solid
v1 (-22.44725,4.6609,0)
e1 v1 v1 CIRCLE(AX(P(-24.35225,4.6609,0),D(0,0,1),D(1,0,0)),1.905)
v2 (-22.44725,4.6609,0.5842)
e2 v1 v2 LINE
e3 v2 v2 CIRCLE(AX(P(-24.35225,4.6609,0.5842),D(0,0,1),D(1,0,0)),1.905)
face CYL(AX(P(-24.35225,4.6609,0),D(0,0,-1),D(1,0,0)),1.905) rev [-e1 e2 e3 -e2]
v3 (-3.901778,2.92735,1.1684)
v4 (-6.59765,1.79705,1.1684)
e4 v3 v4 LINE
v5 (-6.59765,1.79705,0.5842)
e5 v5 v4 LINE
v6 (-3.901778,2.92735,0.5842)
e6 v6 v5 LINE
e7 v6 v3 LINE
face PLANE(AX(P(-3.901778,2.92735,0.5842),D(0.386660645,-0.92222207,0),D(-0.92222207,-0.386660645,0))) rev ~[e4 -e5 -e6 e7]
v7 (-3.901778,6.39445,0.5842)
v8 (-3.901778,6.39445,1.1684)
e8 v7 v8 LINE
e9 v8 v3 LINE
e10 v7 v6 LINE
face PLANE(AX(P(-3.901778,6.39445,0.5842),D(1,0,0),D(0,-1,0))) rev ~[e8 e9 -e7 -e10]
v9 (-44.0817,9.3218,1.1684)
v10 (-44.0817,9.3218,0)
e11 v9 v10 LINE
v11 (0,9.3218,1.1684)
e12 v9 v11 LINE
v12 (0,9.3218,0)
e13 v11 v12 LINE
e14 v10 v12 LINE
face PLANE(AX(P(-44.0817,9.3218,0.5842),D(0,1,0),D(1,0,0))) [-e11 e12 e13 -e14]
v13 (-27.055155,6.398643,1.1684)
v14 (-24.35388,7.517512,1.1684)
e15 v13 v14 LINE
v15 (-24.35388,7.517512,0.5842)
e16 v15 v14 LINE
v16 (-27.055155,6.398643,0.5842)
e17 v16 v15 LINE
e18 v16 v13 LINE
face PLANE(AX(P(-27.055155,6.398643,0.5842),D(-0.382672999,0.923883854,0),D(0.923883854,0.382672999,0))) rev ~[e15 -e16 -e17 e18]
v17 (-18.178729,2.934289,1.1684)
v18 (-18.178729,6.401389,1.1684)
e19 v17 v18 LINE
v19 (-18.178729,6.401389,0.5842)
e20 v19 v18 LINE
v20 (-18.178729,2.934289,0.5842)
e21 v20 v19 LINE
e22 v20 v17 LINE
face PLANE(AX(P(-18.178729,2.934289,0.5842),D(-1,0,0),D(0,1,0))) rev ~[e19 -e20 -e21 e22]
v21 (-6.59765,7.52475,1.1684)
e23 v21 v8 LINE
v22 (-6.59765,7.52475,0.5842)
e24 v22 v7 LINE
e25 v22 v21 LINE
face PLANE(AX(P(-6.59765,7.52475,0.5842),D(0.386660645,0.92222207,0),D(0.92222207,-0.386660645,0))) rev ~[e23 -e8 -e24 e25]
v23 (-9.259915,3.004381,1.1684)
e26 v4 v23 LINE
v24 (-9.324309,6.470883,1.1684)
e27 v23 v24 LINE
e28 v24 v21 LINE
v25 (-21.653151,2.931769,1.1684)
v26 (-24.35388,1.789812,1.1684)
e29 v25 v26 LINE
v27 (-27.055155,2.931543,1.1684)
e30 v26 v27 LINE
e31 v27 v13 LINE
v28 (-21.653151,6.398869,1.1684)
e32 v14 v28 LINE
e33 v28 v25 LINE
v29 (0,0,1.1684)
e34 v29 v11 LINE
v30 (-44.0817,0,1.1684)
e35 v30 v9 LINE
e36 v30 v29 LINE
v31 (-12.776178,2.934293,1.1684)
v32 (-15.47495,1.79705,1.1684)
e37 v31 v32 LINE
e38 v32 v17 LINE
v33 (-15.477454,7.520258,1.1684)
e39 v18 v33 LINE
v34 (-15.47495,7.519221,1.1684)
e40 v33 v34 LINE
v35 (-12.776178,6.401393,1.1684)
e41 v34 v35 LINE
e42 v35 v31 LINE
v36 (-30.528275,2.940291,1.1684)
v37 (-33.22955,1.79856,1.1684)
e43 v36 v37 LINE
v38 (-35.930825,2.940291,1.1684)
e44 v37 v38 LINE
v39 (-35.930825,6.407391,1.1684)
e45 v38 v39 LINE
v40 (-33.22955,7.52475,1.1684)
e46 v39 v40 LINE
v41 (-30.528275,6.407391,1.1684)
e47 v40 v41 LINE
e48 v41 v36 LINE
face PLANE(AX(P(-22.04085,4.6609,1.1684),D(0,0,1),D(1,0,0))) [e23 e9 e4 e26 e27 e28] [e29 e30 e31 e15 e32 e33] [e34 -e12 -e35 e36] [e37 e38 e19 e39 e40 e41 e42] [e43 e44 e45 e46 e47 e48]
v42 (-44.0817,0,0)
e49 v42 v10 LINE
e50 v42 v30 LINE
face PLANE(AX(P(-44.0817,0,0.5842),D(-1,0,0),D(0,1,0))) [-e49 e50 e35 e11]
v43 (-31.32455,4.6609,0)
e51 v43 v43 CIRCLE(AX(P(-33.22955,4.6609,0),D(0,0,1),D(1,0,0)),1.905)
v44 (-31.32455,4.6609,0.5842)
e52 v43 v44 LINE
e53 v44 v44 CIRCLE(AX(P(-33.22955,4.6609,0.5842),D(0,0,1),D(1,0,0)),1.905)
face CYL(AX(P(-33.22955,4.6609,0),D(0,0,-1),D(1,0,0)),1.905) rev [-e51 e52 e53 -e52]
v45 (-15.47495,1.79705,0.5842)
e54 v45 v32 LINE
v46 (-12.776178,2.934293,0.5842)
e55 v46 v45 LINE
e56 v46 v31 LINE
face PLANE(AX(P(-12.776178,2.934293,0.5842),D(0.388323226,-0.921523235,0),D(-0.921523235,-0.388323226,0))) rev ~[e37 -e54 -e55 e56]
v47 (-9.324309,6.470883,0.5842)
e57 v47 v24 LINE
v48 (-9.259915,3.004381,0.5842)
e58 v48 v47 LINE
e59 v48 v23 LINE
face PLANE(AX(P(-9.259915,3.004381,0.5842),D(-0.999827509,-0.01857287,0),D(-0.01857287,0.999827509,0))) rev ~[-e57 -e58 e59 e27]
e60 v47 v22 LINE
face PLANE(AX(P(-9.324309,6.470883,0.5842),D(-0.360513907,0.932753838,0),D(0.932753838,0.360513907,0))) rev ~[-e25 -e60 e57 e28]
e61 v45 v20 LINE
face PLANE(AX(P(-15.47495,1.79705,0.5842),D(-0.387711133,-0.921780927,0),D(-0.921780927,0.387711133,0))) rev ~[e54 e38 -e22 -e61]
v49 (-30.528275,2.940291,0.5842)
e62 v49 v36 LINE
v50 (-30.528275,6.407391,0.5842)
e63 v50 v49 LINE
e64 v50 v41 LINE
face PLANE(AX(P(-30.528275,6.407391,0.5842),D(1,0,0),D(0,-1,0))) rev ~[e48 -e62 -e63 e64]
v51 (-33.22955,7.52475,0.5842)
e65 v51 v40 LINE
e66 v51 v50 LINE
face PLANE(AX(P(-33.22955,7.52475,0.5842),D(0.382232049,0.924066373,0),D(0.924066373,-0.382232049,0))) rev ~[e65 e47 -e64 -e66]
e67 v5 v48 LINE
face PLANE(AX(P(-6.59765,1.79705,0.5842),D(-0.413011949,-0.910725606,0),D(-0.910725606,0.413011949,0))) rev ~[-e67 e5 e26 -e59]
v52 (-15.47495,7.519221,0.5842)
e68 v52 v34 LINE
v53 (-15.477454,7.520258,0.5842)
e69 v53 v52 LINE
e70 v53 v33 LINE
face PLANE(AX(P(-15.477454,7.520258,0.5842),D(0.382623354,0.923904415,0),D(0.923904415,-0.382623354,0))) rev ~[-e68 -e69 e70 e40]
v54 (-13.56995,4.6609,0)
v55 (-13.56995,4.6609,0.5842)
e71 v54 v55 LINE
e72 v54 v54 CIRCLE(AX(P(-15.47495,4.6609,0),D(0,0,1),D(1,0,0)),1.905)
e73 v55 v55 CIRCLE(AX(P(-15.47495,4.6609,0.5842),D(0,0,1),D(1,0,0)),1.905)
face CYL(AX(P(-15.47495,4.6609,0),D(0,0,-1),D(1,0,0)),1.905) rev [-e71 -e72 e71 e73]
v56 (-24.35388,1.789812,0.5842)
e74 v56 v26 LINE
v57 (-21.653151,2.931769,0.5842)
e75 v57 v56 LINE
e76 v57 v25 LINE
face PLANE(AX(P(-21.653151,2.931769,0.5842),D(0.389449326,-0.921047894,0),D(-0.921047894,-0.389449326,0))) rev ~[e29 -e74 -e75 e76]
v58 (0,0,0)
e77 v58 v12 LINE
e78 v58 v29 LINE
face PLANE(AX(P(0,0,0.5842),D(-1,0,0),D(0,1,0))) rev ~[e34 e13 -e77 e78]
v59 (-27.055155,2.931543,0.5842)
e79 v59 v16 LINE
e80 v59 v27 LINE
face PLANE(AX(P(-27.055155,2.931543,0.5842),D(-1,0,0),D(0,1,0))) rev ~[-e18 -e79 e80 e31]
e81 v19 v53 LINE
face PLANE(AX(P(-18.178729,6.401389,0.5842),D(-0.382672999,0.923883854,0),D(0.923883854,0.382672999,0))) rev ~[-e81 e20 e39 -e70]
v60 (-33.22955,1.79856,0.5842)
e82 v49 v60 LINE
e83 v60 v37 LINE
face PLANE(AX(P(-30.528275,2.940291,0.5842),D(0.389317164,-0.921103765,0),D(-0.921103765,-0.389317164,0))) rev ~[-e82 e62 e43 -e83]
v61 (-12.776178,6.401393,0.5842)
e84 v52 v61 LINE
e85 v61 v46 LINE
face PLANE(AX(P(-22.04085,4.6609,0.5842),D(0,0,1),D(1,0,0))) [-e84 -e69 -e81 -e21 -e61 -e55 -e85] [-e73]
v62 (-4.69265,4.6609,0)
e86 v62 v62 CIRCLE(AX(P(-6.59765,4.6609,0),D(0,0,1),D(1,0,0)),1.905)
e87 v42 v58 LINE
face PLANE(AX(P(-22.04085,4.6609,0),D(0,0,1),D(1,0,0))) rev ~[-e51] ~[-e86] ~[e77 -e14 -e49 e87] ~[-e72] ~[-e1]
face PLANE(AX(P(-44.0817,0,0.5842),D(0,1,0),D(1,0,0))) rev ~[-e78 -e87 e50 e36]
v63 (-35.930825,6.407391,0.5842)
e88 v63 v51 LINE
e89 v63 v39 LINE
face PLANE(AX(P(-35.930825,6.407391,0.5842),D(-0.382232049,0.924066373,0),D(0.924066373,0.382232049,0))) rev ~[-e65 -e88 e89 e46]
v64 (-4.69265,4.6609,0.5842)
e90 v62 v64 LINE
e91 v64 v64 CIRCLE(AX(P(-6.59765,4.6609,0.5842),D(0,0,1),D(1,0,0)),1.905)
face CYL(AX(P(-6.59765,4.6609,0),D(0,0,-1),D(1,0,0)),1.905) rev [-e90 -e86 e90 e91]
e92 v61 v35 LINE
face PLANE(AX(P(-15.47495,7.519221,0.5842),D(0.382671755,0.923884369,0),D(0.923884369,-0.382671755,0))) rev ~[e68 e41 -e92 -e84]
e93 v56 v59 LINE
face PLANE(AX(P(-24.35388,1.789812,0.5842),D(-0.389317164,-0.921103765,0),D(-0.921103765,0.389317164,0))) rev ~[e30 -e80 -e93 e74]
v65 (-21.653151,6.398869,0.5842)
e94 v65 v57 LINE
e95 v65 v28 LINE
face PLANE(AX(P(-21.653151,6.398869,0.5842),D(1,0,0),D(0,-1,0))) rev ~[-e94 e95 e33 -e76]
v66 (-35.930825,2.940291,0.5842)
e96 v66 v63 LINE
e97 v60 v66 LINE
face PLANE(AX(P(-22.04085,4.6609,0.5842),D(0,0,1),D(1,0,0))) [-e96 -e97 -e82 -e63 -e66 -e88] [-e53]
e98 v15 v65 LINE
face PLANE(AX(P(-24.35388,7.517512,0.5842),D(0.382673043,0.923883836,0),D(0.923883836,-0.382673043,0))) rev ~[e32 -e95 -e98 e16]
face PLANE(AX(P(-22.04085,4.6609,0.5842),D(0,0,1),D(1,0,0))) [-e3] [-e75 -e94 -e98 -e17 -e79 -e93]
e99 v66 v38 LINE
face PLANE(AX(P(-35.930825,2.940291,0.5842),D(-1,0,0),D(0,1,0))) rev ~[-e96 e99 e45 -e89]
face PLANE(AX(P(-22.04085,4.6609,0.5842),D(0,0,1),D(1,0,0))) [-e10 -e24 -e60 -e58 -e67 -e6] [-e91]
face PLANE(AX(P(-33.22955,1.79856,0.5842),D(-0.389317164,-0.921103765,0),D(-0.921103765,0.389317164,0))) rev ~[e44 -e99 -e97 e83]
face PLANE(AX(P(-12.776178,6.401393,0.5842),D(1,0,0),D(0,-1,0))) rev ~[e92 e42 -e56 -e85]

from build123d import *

# Parameters (mm, degrees)
F0_W     = 44.0817
F0_H     = 9.3218
F0_R     = 1.905
F1_DEPTH = 0.5842
F2_W     = 44.0817
F2_H     = 9.3218
F3_DEPTH = 0.5842


with BuildPart() as f1:
    # F0 (on Top) → F1 (new body)
    with BuildSketch(Plane.XY):
        with Locations((-22.04085, 4.6609)):
            Rectangle(F0_W, F0_H)
        with Locations((-33.22955, 4.6609)):
            Circle(F0_R, mode=Mode.SUBTRACT)
        with Locations((-24.35225, 4.6609)):
            Circle(F0_R, mode=Mode.SUBTRACT)
        with Locations((-15.47495, 4.6609)):
            Circle(F0_R, mode=Mode.SUBTRACT)
        with Locations((-6.59765, 4.6609)):
            Circle(F0_R, mode=Mode.SUBTRACT)
    extrude(amount=F1_DEPTH)

    # F2 (on face) → F3 (join)
    with BuildSketch(Plane.XY.offset(0.5842)):
        with Locations((-22.04085, 4.6609)):
            Rectangle(F2_W, F2_H)
        Polygon((-27.055155, 2.931543), (-27.055155, 6.398643), (-24.35388, 7.517512), (-21.653151, 6.398869), (-21.653151, 2.931769), (-24.35388, 1.789812), align=None, mode=Mode.SUBTRACT)
        Polygon((-18.178729, 2.934289), (-18.178729, 6.401389), (-15.477454, 7.520258), (-15.47495, 7.519221), (-12.776178, 6.401393), (-12.776178, 2.934293), (-15.47495, 1.79705), align=None, mode=Mode.SUBTRACT)
        Polygon((-33.22955, 7.52475), (-30.528275, 6.407391), (-30.528275, 2.940291), (-33.22955, 1.79856), (-35.930825, 2.940291), (-35.930825, 6.407391), align=None, mode=Mode.SUBTRACT)
        Polygon((-9.259915, 3.004381), (-9.324309, 6.470883), (-6.59765, 7.52475), (-3.901778, 6.39445), (-3.901778, 2.92735), (-6.59765, 1.79705), align=None, mode=Mode.SUBTRACT)
    extrude(amount=F3_DEPTH)


solid = f1.part
